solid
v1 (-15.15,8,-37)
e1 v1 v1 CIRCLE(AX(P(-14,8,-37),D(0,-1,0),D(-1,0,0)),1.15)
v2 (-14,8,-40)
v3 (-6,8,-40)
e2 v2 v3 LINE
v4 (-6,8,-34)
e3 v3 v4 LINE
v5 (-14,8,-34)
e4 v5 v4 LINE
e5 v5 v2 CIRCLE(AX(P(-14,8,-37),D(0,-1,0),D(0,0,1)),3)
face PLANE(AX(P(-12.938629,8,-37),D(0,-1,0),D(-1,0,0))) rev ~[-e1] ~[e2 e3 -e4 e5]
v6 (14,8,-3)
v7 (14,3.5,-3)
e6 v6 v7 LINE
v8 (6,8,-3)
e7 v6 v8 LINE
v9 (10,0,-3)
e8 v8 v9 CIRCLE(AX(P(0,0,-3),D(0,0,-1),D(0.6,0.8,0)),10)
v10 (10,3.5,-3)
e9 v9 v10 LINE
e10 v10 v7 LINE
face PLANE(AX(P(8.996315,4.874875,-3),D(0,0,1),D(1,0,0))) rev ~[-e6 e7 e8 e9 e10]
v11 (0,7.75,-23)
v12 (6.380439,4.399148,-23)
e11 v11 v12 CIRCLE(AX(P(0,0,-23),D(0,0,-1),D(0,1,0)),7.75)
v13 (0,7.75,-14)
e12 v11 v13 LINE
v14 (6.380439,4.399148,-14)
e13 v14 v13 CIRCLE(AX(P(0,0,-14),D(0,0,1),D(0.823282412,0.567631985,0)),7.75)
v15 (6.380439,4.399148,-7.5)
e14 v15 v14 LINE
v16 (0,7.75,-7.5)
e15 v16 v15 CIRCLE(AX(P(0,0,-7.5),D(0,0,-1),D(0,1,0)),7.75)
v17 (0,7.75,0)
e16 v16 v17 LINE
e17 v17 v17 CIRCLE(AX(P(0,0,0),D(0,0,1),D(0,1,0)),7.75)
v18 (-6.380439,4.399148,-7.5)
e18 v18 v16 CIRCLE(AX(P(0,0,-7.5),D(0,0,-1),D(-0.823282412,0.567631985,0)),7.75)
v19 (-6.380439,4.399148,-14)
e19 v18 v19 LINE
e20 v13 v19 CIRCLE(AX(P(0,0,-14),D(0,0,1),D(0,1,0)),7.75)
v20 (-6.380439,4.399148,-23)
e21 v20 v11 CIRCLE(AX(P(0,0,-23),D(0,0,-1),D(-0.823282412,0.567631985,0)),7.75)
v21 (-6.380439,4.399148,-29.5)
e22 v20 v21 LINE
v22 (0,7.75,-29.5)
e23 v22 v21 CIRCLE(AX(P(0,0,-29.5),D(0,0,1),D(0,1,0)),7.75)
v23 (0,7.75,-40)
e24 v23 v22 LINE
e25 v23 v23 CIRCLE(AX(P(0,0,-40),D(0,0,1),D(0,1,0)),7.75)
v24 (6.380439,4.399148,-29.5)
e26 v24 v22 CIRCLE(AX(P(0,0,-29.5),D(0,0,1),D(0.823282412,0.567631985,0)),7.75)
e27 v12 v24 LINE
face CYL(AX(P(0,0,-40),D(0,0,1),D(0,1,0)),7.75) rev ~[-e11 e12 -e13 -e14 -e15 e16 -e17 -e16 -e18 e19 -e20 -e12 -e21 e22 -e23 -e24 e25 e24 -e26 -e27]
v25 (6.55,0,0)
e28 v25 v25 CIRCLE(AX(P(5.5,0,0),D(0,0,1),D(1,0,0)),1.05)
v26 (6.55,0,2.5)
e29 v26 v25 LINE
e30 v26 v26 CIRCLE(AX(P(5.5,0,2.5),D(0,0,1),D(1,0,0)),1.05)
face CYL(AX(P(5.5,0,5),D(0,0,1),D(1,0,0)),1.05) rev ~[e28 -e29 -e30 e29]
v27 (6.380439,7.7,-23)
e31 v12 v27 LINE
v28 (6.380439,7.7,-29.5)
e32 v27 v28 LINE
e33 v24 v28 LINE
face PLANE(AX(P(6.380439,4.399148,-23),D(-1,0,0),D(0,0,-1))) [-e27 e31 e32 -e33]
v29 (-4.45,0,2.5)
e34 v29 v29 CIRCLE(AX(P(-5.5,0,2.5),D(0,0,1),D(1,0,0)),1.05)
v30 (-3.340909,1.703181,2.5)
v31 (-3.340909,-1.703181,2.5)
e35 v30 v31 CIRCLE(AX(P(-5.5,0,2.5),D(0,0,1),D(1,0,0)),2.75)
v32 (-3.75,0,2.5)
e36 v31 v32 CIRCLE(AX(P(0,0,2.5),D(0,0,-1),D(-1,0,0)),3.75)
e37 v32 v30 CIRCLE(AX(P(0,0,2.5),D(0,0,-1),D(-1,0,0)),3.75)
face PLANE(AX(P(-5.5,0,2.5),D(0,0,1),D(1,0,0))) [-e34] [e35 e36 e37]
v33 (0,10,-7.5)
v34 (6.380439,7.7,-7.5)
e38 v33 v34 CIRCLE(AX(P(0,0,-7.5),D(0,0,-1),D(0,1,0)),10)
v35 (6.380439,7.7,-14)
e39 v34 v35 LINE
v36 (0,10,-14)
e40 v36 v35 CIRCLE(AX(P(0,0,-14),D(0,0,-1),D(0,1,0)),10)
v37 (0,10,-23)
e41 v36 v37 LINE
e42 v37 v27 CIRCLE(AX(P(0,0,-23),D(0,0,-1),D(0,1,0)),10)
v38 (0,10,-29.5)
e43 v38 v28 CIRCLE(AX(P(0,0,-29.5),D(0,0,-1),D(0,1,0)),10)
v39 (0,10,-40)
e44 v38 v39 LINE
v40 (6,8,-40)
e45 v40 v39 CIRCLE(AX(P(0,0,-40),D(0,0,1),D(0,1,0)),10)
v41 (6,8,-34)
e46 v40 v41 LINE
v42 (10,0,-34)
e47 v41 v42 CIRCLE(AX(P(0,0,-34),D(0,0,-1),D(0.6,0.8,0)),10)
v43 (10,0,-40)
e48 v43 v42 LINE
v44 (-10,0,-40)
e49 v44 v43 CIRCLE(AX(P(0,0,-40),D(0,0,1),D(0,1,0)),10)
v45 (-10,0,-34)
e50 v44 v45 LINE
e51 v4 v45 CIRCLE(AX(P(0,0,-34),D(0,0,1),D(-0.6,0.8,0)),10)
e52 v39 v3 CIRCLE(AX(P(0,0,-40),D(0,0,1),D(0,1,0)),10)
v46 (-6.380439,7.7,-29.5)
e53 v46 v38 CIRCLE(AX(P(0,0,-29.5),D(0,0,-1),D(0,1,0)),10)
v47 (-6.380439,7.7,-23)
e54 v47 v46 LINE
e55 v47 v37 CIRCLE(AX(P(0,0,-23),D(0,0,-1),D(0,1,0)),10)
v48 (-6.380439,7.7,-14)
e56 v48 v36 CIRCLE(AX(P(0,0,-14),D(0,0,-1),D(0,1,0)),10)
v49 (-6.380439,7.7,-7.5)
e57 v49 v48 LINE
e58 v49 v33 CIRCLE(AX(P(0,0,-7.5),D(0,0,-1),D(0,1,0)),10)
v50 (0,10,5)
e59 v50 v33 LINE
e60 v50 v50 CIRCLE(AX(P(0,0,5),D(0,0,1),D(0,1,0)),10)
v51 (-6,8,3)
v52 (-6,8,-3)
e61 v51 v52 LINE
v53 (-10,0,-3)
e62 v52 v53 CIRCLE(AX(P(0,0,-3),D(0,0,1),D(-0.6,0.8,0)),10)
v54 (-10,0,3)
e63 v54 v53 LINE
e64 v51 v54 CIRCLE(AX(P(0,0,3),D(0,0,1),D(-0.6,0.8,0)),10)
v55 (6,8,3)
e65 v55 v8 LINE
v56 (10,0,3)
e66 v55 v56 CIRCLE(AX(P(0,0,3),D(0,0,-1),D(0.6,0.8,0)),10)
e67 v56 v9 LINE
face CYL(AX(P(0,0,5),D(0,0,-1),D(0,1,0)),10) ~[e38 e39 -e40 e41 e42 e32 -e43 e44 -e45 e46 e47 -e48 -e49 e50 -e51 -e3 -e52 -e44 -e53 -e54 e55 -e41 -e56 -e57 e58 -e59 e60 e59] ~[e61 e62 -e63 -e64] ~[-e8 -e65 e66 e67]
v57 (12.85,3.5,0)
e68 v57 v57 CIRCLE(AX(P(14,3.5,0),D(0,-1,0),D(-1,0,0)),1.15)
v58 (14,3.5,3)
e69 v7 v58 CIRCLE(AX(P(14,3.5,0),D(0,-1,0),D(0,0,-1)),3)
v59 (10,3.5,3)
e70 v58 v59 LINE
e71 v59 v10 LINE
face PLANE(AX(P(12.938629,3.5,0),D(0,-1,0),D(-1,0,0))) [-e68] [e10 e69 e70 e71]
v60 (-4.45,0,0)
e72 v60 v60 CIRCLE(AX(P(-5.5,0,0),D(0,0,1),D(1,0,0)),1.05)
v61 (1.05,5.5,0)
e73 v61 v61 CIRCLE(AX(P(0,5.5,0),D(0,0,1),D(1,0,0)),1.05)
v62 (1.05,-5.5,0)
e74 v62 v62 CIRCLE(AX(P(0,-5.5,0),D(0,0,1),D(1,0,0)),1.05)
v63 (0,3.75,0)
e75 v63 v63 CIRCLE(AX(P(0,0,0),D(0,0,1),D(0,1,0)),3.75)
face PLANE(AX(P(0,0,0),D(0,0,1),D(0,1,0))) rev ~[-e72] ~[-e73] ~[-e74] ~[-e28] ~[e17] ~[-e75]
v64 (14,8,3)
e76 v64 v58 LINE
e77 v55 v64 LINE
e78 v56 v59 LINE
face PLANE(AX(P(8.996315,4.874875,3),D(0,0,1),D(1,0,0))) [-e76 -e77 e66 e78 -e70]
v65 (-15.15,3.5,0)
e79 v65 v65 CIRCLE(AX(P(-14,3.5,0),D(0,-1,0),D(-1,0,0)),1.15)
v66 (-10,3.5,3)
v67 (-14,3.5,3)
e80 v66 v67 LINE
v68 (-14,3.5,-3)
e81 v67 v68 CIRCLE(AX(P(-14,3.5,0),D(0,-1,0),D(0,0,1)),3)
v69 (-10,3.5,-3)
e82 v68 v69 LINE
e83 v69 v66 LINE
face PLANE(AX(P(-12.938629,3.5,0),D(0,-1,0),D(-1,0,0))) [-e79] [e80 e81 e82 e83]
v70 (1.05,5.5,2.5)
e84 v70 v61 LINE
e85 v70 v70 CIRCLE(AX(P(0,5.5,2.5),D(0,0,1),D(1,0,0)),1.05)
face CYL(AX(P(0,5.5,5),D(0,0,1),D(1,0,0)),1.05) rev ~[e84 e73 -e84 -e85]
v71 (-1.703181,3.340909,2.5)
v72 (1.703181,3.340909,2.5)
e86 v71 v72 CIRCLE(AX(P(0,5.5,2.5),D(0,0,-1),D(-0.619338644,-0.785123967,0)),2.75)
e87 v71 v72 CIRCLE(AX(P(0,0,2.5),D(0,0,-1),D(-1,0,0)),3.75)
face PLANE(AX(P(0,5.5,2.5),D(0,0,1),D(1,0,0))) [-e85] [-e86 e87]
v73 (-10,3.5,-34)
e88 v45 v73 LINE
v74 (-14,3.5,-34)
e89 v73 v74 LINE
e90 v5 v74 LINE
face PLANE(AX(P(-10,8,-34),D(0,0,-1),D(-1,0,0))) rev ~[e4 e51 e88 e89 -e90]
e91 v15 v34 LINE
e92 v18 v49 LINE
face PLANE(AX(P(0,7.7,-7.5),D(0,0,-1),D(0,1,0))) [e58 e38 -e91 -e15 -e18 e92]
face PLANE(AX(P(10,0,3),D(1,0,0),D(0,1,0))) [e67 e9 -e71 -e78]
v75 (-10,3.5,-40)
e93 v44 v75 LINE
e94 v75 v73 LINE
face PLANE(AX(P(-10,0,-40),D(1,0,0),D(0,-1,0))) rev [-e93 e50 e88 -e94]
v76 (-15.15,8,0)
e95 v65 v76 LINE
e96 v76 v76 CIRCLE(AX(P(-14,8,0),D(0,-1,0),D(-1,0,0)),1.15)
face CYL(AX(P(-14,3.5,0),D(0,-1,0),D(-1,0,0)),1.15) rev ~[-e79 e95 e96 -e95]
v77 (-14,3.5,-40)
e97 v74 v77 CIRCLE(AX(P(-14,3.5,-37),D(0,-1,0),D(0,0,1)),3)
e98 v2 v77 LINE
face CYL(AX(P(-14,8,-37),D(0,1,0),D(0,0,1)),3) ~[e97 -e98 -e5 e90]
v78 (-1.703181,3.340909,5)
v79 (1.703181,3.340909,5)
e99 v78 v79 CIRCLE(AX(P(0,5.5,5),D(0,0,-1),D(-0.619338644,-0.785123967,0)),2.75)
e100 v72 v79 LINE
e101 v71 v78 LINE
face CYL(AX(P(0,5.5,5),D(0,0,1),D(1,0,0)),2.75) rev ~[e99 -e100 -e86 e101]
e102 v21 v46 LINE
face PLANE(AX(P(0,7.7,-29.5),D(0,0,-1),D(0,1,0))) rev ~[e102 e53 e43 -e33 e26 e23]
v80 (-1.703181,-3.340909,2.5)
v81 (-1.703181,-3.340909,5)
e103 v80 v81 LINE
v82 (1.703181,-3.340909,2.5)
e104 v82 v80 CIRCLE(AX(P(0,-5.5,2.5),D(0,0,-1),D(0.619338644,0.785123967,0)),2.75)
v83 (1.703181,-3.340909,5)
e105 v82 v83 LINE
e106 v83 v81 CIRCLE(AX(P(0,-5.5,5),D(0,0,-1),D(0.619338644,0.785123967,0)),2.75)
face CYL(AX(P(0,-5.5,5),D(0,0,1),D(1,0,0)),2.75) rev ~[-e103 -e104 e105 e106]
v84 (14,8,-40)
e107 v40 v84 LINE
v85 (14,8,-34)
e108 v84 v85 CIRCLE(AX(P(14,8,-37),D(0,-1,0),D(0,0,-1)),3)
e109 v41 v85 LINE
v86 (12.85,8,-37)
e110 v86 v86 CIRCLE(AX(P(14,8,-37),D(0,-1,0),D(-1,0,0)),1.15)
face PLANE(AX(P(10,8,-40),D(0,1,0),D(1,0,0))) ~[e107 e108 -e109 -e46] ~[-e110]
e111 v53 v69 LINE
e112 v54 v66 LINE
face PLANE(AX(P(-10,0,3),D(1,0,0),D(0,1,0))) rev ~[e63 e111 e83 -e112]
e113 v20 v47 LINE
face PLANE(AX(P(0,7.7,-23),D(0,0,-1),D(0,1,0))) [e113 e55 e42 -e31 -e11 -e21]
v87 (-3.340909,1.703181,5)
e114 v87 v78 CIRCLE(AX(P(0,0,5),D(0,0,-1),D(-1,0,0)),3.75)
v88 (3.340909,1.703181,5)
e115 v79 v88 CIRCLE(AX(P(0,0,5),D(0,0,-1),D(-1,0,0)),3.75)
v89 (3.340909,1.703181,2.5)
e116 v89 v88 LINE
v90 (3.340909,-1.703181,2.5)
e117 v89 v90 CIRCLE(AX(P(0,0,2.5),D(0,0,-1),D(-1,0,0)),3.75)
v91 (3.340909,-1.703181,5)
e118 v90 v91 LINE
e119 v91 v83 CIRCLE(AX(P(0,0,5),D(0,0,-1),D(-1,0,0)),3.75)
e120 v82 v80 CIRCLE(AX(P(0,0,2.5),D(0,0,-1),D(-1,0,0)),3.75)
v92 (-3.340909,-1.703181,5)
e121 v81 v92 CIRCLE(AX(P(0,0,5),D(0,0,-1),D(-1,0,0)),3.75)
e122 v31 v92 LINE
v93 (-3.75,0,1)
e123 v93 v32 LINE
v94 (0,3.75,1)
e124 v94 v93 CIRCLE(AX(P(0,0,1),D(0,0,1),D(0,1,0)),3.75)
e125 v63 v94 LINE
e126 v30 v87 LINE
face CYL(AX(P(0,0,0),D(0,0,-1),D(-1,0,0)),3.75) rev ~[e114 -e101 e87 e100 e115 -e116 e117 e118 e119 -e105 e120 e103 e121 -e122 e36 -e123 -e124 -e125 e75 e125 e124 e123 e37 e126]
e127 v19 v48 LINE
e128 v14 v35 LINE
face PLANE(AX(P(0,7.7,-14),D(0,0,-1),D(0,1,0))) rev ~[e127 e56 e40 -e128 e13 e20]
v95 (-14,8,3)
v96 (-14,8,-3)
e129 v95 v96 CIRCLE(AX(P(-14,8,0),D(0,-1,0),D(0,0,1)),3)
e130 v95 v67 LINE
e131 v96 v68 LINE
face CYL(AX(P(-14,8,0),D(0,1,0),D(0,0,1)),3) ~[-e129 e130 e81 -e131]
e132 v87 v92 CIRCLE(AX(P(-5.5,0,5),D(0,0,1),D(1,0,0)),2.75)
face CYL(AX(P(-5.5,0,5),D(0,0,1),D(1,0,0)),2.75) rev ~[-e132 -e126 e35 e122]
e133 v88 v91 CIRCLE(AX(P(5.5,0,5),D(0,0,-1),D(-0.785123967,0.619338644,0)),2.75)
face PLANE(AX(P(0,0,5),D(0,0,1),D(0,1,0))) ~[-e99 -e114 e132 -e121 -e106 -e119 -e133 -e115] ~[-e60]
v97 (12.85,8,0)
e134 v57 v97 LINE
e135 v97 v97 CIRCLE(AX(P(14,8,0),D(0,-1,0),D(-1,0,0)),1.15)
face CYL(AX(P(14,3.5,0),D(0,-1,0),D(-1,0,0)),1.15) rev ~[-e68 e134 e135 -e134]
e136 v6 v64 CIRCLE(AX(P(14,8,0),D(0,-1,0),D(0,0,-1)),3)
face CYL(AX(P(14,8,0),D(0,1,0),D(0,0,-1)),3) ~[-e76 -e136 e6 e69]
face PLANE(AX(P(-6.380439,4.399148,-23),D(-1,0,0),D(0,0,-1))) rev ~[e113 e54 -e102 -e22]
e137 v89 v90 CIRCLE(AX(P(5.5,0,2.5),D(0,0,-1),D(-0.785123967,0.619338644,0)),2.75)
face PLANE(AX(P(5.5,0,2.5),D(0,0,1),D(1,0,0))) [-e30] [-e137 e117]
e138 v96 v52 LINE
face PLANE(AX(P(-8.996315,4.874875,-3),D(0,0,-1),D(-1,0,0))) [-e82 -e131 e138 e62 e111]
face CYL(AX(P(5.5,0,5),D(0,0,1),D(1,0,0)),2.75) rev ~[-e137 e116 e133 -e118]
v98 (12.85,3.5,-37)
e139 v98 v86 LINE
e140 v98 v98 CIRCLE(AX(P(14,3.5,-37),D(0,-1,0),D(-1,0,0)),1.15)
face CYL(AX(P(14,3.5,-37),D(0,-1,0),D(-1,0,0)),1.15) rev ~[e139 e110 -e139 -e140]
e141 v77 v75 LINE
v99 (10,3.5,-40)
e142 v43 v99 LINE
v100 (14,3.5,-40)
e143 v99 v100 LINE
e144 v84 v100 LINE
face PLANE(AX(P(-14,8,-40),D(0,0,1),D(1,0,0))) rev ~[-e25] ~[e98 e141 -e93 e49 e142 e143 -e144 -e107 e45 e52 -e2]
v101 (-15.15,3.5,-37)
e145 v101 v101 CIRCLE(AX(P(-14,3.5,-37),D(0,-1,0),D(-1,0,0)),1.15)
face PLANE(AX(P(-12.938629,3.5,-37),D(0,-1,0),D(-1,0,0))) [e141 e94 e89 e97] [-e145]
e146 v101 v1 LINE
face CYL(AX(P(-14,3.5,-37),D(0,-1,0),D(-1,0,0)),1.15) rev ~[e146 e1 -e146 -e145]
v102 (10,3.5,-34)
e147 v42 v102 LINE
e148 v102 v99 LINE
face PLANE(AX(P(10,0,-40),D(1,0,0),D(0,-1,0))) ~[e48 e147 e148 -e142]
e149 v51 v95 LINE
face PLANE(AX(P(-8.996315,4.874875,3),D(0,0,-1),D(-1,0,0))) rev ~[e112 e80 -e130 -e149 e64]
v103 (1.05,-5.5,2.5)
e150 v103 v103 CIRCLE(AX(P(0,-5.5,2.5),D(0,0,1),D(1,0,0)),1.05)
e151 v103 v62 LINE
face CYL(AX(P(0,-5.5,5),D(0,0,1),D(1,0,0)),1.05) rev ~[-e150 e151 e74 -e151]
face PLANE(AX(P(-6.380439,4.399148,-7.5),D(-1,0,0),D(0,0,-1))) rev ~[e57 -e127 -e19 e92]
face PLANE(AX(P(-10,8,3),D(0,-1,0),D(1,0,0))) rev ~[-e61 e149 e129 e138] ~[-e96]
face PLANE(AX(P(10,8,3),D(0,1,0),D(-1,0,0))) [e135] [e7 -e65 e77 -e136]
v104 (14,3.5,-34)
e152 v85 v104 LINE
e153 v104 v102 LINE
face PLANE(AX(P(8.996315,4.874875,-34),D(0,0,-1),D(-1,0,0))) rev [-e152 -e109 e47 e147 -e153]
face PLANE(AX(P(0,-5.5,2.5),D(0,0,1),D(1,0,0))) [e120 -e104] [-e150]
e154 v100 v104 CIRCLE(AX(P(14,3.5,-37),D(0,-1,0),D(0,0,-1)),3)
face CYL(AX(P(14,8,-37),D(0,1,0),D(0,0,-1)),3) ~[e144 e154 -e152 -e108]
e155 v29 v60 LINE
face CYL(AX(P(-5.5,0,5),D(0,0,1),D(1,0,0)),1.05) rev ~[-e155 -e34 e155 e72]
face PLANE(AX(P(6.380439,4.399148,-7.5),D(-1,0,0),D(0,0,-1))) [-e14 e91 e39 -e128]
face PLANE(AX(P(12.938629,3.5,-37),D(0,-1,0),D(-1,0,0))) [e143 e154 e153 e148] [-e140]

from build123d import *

# Parameters (mm, degrees)
SKIZZE6_R                            = 1.05
SCHNITT_LINEAR_AUSTRAGEN3_DEPTH      = 46
SKIZZE7_R                            = 2.75
SCHNITT_LINEAR_AUSTRAGEN4_DEPTH      = 2.5
AUFSATZ_LINEAR_START                 = -2
AUFSATZ_LINEAR_AUSTRAGEN6_DEPTH      = 6
AUFSATZ_LINEAR_AUSTRAGEN7_DEPTH      = 4.5
SKIZZE14_R                           = 1.15
SCHNITT_LINEAR_AUSTRAGEN5_DEPTH      = 7.5
SKIZZE17_W                           = 6.5
SKIZZE17_H                           = 2.4
SCHNITT_LINEAR_AUSTRAGEN9_DEPTH      = 18
SCHNITT_LINEAR_AUSTRAGEN9_DEPTH_BACK = 18
SCHNITT_LINEAR_START                 = -3.300852
SKIZZE18_W                           = 12.760877712
SKIZZE18_H                           = 6.5
SCHNITT_LINEAR_AUSTRAGEN10_DEPTH     = 3.300852
SKIZZE19_R                           = 3.75
SCHNITT_LINEAR_AUSTRAGEN11_DEPTH     = 6


with BuildPart() as part:
    # Skizze5 → Rotation1 (revolve)
    with BuildSketch(Plane(origin=(0, 0, 0), x_dir=(0, 0, -1), z_dir=(1, 0, 0))):
        Polygon((40, 7.75), (0, 7.75), (0, 3.75), (-1, 3.75), (-1, 3.25), (-2.6, 3.25), (-2.6, 2), (-5, 2), (-5, 10), (40, 10), align=None)
    revolve(axis=Axis((0, 0, 0), (0, 0, 1)))

    # Skizze6 → Schnitt-Linear austragen3 (cut, through all)
    with BuildSketch(Plane.XY.offset(5)):
        with Locations((0, 5.5)):
            Circle(SKIZZE6_R)
        with Locations((0, -5.5)):
            Circle(SKIZZE6_R)
        with Locations((5.5, 0)):
            Circle(SKIZZE6_R)
        with Locations((-5.5, 0)):
            Circle(SKIZZE6_R)
    extrude(amount=-SCHNITT_LINEAR_AUSTRAGEN3_DEPTH, mode=Mode.SUBTRACT)

    # Skizze7 → Schnitt-Linear austragen4 (cut)
    with BuildSketch(Plane.XY.offset(5)):
        with Locations((0, 5.5)):
            Circle(SKIZZE7_R)
        with Locations((0, -5.5)):
            Circle(SKIZZE7_R)
        with Locations((5.5, 0)):
            Circle(SKIZZE7_R)
        with Locations((-5.5, 0)):
            Circle(SKIZZE7_R)
    extrude(amount=-SCHNITT_LINEAR_AUSTRAGEN4_DEPTH, mode=Mode.SUBTRACT)

    # Skizze12 → Aufsatz-Linear austragen6 (add)
    with BuildSketch(Plane.XY.offset(5).offset(AUFSATZ_LINEAR_START)):
        with BuildLine():
            Line((-10, 0), (-10, 8))
            Line((-10, 8), (-6, 8))
            ThreePointArc((-6, 8), (-8.94427191, 4.472135955), (-10, 0))
        make_face()
        with BuildLine():
            Line((10, 8), (6, 8))
            ThreePointArc((6, 8), (8.94427191, 4.472135955), (10, 0))
            Line((10, 0), (10, 8))
        make_face()
    aufsatz_linear_austragen6 = extrude(amount=-AUFSATZ_LINEAR_AUSTRAGEN6_DEPTH)

    # Spiegeln1: Aufsatz-Linear austragen6 across plane
    add(aufsatz_linear_austragen6.mirror(Plane(origin=(0, 0, -18.5), x_dir=(1, 0, 0), z_dir=(0, 0, -1))))

    # Skizze13 → Aufsatz-Linear austragen7 (add)
    with BuildSketch(Plane(origin=(0, 8, 0), x_dir=(1, 0, 0), z_dir=(0, 1, 0))):
        with BuildLine():
            Line((-14, 40), (-10, 40))
            Line((-10, 40), (-10, 34))
            Line((-10, 34), (-14, 34))
            ThreePointArc((-14, 34), (-17, 37), (-14, 40))
        make_face()
        with BuildLine():
            Line((14, 34), (10, 34))
            Line((10, 34), (10, 40))
            Line((10, 40), (14, 40))
            ThreePointArc((14, 40), (17, 37), (14, 34))
        make_face()
        with BuildLine():
            Line((14, -3), (10, -3))
            Line((10, -3), (10, 3))
            Line((10, 3), (14, 3))
            ThreePointArc((14, 3), (17, 0), (14, -3))
        make_face()
        with BuildLine():
            Line((-14, 3), (-10, 3))
            Line((-10, 3), (-10, -3))
            Line((-10, -3), (-14, -3))
            ThreePointArc((-14, -3), (-17, 0), (-14, 3))
        make_face()
    extrude(amount=-AUFSATZ_LINEAR_AUSTRAGEN7_DEPTH)

    # Skizze14 → Schnitt-Linear austragen5 (cut, through all)
    with BuildSketch(Plane(origin=(0, 3.5, 0), x_dir=(-1, 0, 0), z_dir=(0, -1, 0))):
        with Locations((14, 0)):
            Circle(SKIZZE14_R)
        with Locations((-14, 0)):
            Circle(SKIZZE14_R)
        with Locations((-14, 37)):
            Circle(SKIZZE14_R)
        with Locations((14, 37)):
            Circle(SKIZZE14_R)
    extrude(amount=-SCHNITT_LINEAR_AUSTRAGEN5_DEPTH, mode=Mode.SUBTRACT)

    # Skizze17 → Schnitt-Linear austragen9 (cut, two sides)
    with BuildSketch(Plane(origin=(0, 0, 0), x_dir=(0, 0, -1), z_dir=(1, 0, 0))) as schnitt_linear_austragen9_sk:
        with Locations((10.75, 8.9)):
            Rectangle(SKIZZE17_W, SKIZZE17_H)
        with Locations((26.25, 8.9)):
            Rectangle(SKIZZE17_W, SKIZZE17_H)
    extrude(amount=SCHNITT_LINEAR_AUSTRAGEN9_DEPTH, mode=Mode.SUBTRACT)
    extrude(schnitt_linear_austragen9_sk.sketch, amount=-SCHNITT_LINEAR_AUSTRAGEN9_DEPTH_BACK, mode=Mode.SUBTRACT)

    # Skizze18 → Schnitt-Linear austragen10 (cut)
    with BuildSketch(Plane(origin=(0, 7.7, 0), x_dir=(1, 0, 0), z_dir=(0, 1, 0)).offset(SCHNITT_LINEAR_START)):
        with Locations((0, 10.75)):
            Rectangle(SKIZZE18_W, SKIZZE18_H)
        with Locations((0, 26.25)):
            Rectangle(SKIZZE18_W, SKIZZE18_H)
    extrude(amount=SCHNITT_LINEAR_AUSTRAGEN10_DEPTH, mode=Mode.SUBTRACT)

    # Skizze19 → Schnitt-Linear austragen11 (cut, through all)
    with BuildSketch(Plane(origin=(0, 0, 0), x_dir=(-1, 0, 0), z_dir=(0, 0, -1))):
        Circle(SKIZZE19_R)
    extrude(amount=-SCHNITT_LINEAR_AUSTRAGEN11_DEPTH, mode=Mode.SUBTRACT)


solid = part.part
